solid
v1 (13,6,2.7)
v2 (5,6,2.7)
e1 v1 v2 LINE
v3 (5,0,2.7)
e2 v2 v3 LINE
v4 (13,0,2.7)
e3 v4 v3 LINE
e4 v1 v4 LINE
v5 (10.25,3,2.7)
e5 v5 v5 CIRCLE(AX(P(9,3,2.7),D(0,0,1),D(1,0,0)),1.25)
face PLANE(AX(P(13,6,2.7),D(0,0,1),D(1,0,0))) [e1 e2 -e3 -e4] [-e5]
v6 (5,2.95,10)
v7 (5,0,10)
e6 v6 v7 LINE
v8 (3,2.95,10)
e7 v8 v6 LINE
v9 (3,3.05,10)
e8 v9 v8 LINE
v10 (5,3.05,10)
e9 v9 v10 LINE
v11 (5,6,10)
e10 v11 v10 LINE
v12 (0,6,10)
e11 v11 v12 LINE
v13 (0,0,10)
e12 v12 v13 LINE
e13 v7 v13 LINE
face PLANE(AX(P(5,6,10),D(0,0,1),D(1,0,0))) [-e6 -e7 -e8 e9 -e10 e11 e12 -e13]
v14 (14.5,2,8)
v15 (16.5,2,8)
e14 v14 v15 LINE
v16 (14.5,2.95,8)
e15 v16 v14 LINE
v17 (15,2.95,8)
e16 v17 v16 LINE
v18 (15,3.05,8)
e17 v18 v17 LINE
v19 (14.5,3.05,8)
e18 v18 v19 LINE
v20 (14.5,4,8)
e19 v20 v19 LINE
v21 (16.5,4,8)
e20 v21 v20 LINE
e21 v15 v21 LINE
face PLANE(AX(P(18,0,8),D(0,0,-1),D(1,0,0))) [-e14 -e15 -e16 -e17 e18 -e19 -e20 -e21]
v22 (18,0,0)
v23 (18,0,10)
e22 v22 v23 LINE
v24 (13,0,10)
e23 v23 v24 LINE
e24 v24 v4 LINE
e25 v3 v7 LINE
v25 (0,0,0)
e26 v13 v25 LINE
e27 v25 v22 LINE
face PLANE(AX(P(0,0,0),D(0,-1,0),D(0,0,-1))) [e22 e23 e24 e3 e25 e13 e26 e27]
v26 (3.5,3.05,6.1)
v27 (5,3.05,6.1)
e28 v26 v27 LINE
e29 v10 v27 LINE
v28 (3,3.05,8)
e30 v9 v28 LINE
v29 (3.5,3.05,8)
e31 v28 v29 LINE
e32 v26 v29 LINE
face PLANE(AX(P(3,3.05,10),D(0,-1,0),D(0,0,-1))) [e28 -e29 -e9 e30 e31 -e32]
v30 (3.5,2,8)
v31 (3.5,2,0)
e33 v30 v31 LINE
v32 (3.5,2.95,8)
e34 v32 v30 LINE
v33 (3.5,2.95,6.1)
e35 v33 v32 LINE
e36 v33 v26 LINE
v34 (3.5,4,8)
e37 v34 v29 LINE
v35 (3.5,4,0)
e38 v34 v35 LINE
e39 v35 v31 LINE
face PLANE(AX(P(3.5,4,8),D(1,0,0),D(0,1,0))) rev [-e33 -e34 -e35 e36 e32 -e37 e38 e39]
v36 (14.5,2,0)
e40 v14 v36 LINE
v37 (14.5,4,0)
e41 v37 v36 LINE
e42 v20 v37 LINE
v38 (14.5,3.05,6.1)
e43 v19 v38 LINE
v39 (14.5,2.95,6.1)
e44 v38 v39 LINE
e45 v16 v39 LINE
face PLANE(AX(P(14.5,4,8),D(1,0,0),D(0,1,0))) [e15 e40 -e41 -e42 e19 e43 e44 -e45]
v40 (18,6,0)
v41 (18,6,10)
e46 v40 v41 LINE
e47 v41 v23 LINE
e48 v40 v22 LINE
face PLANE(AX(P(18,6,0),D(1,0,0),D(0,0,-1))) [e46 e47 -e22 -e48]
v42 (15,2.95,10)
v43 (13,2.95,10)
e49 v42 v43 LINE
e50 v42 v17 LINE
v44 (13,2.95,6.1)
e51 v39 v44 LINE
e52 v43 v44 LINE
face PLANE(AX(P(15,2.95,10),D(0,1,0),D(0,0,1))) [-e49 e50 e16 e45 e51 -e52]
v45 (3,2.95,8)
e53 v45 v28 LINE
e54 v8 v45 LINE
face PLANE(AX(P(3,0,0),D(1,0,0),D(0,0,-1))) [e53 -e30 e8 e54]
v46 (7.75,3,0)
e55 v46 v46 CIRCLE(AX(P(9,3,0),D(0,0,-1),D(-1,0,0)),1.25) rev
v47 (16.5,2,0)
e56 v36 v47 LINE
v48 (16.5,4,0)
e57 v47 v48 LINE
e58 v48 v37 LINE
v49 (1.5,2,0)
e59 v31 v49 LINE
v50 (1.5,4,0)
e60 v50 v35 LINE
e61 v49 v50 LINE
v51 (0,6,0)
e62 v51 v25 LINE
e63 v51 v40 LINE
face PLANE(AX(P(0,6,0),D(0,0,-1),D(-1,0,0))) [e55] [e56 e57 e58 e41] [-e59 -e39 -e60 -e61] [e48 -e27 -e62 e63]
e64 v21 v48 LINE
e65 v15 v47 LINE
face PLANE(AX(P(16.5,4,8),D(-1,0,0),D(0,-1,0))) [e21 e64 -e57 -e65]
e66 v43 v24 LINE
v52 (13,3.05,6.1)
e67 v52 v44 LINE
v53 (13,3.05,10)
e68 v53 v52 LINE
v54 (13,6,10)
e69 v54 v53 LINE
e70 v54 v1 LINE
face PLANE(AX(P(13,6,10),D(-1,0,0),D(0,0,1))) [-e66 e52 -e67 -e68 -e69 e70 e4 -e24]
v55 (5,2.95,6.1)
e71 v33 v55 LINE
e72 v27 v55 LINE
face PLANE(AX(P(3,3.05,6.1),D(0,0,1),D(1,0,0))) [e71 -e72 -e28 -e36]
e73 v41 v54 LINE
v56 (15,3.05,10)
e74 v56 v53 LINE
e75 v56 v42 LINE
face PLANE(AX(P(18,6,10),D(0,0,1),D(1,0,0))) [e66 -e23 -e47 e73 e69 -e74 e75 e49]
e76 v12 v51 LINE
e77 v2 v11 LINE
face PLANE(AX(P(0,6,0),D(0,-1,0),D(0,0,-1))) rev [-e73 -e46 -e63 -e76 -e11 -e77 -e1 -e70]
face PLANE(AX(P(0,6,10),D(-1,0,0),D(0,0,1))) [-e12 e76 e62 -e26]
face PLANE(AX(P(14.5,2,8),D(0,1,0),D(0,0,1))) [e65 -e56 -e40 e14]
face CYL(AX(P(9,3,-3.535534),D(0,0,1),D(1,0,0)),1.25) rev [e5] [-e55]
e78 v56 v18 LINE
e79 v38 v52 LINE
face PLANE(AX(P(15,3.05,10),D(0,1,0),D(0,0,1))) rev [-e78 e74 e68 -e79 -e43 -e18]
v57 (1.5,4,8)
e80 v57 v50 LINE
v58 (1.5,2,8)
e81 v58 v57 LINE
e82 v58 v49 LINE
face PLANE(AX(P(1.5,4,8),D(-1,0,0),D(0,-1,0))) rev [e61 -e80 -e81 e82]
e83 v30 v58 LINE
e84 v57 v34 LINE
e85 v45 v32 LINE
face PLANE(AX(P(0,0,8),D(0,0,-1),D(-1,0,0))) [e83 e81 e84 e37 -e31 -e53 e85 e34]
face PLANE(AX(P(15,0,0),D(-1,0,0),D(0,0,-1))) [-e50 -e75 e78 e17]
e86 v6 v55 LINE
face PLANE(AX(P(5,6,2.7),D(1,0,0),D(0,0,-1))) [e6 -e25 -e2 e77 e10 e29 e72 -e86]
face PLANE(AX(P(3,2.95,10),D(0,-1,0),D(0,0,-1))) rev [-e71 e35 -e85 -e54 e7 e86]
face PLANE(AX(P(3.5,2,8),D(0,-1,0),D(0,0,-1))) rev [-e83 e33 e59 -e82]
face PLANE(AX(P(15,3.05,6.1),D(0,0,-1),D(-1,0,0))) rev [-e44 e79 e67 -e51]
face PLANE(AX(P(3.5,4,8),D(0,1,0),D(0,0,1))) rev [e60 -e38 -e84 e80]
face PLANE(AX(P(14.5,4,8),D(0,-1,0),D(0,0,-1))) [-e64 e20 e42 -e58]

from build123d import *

# Parameters (mm, degrees)
BOSS_EXTRUDE1_DEPTH = 6
SKETCH3_R           = 1.25
CUT_EXTRUDE1_DEPTH  = 2.7
SKETCH4_W           = 3.9
SKETCH4_H           = 0.1
CUT_EXTRUDE2_DEPTH  = 2
SKETCH5_W           = 2
SKETCH5_H           = 2
CUT_EXTRUDE3_DEPTH  = 8


with BuildPart() as part:
    # Sketch2 → Boss-Extrude1 (new body)
    with BuildSketch(Plane(origin=(0, 0, 0), x_dir=(1, 0, 0), z_dir=(0, 1, 0))):
        Polygon((0, 0), (18, 0), (18, -10), (13, -10), (13, -2.7), (5, -2.7), (5, -10), (0, -10), align=None)
    extrude(amount=BOSS_EXTRUDE1_DEPTH)

    # Sketch3 → Cut-Extrude1 (cut)
    with BuildSketch(Plane.XY.offset(2.7)):
        with Locations((9, 3)):
            Circle(SKETCH3_R)
    extrude(amount=-CUT_EXTRUDE1_DEPTH, mode=Mode.SUBTRACT)

    # Sketch4 → Cut-Extrude2 (cut)
    with BuildSketch(Plane(origin=(5, 0, 0), x_dir=(0, 0, -1), z_dir=(1, 0, 0))):
        with Locations((-8.05, 3)):
            Rectangle(SKETCH4_W, SKETCH4_H)
    cut_extrude2 = extrude(amount=-CUT_EXTRUDE2_DEPTH, mode=Mode.SUBTRACT)

    # Mirror1: Cut-Extrude2 across plane
    add(cut_extrude2.mirror(Plane(origin=(9, 0, 0), x_dir=(0, 0, 1), z_dir=(1, 0, 0))), mode=Mode.SUBTRACT)

    # Sketch5 → Cut-Extrude3 (cut)
    with BuildSketch(Plane(origin=(0, 0, 0), x_dir=(-1, 0, 0), z_dir=(0, 0, -1))):
        with Locations((-2.5, 3)):
            Rectangle(SKETCH5_W, SKETCH5_H)
    cut_extrude3 = extrude(amount=-CUT_EXTRUDE3_DEPTH, mode=Mode.SUBTRACT)

    # Mirror2: Cut-Extrude3 across plane
    add(cut_extrude3.mirror(Plane(origin=(9, 0, 0), x_dir=(0, 0, 1), z_dir=(1, 0, 0))), mode=Mode.SUBTRACT)


solid = part.part
